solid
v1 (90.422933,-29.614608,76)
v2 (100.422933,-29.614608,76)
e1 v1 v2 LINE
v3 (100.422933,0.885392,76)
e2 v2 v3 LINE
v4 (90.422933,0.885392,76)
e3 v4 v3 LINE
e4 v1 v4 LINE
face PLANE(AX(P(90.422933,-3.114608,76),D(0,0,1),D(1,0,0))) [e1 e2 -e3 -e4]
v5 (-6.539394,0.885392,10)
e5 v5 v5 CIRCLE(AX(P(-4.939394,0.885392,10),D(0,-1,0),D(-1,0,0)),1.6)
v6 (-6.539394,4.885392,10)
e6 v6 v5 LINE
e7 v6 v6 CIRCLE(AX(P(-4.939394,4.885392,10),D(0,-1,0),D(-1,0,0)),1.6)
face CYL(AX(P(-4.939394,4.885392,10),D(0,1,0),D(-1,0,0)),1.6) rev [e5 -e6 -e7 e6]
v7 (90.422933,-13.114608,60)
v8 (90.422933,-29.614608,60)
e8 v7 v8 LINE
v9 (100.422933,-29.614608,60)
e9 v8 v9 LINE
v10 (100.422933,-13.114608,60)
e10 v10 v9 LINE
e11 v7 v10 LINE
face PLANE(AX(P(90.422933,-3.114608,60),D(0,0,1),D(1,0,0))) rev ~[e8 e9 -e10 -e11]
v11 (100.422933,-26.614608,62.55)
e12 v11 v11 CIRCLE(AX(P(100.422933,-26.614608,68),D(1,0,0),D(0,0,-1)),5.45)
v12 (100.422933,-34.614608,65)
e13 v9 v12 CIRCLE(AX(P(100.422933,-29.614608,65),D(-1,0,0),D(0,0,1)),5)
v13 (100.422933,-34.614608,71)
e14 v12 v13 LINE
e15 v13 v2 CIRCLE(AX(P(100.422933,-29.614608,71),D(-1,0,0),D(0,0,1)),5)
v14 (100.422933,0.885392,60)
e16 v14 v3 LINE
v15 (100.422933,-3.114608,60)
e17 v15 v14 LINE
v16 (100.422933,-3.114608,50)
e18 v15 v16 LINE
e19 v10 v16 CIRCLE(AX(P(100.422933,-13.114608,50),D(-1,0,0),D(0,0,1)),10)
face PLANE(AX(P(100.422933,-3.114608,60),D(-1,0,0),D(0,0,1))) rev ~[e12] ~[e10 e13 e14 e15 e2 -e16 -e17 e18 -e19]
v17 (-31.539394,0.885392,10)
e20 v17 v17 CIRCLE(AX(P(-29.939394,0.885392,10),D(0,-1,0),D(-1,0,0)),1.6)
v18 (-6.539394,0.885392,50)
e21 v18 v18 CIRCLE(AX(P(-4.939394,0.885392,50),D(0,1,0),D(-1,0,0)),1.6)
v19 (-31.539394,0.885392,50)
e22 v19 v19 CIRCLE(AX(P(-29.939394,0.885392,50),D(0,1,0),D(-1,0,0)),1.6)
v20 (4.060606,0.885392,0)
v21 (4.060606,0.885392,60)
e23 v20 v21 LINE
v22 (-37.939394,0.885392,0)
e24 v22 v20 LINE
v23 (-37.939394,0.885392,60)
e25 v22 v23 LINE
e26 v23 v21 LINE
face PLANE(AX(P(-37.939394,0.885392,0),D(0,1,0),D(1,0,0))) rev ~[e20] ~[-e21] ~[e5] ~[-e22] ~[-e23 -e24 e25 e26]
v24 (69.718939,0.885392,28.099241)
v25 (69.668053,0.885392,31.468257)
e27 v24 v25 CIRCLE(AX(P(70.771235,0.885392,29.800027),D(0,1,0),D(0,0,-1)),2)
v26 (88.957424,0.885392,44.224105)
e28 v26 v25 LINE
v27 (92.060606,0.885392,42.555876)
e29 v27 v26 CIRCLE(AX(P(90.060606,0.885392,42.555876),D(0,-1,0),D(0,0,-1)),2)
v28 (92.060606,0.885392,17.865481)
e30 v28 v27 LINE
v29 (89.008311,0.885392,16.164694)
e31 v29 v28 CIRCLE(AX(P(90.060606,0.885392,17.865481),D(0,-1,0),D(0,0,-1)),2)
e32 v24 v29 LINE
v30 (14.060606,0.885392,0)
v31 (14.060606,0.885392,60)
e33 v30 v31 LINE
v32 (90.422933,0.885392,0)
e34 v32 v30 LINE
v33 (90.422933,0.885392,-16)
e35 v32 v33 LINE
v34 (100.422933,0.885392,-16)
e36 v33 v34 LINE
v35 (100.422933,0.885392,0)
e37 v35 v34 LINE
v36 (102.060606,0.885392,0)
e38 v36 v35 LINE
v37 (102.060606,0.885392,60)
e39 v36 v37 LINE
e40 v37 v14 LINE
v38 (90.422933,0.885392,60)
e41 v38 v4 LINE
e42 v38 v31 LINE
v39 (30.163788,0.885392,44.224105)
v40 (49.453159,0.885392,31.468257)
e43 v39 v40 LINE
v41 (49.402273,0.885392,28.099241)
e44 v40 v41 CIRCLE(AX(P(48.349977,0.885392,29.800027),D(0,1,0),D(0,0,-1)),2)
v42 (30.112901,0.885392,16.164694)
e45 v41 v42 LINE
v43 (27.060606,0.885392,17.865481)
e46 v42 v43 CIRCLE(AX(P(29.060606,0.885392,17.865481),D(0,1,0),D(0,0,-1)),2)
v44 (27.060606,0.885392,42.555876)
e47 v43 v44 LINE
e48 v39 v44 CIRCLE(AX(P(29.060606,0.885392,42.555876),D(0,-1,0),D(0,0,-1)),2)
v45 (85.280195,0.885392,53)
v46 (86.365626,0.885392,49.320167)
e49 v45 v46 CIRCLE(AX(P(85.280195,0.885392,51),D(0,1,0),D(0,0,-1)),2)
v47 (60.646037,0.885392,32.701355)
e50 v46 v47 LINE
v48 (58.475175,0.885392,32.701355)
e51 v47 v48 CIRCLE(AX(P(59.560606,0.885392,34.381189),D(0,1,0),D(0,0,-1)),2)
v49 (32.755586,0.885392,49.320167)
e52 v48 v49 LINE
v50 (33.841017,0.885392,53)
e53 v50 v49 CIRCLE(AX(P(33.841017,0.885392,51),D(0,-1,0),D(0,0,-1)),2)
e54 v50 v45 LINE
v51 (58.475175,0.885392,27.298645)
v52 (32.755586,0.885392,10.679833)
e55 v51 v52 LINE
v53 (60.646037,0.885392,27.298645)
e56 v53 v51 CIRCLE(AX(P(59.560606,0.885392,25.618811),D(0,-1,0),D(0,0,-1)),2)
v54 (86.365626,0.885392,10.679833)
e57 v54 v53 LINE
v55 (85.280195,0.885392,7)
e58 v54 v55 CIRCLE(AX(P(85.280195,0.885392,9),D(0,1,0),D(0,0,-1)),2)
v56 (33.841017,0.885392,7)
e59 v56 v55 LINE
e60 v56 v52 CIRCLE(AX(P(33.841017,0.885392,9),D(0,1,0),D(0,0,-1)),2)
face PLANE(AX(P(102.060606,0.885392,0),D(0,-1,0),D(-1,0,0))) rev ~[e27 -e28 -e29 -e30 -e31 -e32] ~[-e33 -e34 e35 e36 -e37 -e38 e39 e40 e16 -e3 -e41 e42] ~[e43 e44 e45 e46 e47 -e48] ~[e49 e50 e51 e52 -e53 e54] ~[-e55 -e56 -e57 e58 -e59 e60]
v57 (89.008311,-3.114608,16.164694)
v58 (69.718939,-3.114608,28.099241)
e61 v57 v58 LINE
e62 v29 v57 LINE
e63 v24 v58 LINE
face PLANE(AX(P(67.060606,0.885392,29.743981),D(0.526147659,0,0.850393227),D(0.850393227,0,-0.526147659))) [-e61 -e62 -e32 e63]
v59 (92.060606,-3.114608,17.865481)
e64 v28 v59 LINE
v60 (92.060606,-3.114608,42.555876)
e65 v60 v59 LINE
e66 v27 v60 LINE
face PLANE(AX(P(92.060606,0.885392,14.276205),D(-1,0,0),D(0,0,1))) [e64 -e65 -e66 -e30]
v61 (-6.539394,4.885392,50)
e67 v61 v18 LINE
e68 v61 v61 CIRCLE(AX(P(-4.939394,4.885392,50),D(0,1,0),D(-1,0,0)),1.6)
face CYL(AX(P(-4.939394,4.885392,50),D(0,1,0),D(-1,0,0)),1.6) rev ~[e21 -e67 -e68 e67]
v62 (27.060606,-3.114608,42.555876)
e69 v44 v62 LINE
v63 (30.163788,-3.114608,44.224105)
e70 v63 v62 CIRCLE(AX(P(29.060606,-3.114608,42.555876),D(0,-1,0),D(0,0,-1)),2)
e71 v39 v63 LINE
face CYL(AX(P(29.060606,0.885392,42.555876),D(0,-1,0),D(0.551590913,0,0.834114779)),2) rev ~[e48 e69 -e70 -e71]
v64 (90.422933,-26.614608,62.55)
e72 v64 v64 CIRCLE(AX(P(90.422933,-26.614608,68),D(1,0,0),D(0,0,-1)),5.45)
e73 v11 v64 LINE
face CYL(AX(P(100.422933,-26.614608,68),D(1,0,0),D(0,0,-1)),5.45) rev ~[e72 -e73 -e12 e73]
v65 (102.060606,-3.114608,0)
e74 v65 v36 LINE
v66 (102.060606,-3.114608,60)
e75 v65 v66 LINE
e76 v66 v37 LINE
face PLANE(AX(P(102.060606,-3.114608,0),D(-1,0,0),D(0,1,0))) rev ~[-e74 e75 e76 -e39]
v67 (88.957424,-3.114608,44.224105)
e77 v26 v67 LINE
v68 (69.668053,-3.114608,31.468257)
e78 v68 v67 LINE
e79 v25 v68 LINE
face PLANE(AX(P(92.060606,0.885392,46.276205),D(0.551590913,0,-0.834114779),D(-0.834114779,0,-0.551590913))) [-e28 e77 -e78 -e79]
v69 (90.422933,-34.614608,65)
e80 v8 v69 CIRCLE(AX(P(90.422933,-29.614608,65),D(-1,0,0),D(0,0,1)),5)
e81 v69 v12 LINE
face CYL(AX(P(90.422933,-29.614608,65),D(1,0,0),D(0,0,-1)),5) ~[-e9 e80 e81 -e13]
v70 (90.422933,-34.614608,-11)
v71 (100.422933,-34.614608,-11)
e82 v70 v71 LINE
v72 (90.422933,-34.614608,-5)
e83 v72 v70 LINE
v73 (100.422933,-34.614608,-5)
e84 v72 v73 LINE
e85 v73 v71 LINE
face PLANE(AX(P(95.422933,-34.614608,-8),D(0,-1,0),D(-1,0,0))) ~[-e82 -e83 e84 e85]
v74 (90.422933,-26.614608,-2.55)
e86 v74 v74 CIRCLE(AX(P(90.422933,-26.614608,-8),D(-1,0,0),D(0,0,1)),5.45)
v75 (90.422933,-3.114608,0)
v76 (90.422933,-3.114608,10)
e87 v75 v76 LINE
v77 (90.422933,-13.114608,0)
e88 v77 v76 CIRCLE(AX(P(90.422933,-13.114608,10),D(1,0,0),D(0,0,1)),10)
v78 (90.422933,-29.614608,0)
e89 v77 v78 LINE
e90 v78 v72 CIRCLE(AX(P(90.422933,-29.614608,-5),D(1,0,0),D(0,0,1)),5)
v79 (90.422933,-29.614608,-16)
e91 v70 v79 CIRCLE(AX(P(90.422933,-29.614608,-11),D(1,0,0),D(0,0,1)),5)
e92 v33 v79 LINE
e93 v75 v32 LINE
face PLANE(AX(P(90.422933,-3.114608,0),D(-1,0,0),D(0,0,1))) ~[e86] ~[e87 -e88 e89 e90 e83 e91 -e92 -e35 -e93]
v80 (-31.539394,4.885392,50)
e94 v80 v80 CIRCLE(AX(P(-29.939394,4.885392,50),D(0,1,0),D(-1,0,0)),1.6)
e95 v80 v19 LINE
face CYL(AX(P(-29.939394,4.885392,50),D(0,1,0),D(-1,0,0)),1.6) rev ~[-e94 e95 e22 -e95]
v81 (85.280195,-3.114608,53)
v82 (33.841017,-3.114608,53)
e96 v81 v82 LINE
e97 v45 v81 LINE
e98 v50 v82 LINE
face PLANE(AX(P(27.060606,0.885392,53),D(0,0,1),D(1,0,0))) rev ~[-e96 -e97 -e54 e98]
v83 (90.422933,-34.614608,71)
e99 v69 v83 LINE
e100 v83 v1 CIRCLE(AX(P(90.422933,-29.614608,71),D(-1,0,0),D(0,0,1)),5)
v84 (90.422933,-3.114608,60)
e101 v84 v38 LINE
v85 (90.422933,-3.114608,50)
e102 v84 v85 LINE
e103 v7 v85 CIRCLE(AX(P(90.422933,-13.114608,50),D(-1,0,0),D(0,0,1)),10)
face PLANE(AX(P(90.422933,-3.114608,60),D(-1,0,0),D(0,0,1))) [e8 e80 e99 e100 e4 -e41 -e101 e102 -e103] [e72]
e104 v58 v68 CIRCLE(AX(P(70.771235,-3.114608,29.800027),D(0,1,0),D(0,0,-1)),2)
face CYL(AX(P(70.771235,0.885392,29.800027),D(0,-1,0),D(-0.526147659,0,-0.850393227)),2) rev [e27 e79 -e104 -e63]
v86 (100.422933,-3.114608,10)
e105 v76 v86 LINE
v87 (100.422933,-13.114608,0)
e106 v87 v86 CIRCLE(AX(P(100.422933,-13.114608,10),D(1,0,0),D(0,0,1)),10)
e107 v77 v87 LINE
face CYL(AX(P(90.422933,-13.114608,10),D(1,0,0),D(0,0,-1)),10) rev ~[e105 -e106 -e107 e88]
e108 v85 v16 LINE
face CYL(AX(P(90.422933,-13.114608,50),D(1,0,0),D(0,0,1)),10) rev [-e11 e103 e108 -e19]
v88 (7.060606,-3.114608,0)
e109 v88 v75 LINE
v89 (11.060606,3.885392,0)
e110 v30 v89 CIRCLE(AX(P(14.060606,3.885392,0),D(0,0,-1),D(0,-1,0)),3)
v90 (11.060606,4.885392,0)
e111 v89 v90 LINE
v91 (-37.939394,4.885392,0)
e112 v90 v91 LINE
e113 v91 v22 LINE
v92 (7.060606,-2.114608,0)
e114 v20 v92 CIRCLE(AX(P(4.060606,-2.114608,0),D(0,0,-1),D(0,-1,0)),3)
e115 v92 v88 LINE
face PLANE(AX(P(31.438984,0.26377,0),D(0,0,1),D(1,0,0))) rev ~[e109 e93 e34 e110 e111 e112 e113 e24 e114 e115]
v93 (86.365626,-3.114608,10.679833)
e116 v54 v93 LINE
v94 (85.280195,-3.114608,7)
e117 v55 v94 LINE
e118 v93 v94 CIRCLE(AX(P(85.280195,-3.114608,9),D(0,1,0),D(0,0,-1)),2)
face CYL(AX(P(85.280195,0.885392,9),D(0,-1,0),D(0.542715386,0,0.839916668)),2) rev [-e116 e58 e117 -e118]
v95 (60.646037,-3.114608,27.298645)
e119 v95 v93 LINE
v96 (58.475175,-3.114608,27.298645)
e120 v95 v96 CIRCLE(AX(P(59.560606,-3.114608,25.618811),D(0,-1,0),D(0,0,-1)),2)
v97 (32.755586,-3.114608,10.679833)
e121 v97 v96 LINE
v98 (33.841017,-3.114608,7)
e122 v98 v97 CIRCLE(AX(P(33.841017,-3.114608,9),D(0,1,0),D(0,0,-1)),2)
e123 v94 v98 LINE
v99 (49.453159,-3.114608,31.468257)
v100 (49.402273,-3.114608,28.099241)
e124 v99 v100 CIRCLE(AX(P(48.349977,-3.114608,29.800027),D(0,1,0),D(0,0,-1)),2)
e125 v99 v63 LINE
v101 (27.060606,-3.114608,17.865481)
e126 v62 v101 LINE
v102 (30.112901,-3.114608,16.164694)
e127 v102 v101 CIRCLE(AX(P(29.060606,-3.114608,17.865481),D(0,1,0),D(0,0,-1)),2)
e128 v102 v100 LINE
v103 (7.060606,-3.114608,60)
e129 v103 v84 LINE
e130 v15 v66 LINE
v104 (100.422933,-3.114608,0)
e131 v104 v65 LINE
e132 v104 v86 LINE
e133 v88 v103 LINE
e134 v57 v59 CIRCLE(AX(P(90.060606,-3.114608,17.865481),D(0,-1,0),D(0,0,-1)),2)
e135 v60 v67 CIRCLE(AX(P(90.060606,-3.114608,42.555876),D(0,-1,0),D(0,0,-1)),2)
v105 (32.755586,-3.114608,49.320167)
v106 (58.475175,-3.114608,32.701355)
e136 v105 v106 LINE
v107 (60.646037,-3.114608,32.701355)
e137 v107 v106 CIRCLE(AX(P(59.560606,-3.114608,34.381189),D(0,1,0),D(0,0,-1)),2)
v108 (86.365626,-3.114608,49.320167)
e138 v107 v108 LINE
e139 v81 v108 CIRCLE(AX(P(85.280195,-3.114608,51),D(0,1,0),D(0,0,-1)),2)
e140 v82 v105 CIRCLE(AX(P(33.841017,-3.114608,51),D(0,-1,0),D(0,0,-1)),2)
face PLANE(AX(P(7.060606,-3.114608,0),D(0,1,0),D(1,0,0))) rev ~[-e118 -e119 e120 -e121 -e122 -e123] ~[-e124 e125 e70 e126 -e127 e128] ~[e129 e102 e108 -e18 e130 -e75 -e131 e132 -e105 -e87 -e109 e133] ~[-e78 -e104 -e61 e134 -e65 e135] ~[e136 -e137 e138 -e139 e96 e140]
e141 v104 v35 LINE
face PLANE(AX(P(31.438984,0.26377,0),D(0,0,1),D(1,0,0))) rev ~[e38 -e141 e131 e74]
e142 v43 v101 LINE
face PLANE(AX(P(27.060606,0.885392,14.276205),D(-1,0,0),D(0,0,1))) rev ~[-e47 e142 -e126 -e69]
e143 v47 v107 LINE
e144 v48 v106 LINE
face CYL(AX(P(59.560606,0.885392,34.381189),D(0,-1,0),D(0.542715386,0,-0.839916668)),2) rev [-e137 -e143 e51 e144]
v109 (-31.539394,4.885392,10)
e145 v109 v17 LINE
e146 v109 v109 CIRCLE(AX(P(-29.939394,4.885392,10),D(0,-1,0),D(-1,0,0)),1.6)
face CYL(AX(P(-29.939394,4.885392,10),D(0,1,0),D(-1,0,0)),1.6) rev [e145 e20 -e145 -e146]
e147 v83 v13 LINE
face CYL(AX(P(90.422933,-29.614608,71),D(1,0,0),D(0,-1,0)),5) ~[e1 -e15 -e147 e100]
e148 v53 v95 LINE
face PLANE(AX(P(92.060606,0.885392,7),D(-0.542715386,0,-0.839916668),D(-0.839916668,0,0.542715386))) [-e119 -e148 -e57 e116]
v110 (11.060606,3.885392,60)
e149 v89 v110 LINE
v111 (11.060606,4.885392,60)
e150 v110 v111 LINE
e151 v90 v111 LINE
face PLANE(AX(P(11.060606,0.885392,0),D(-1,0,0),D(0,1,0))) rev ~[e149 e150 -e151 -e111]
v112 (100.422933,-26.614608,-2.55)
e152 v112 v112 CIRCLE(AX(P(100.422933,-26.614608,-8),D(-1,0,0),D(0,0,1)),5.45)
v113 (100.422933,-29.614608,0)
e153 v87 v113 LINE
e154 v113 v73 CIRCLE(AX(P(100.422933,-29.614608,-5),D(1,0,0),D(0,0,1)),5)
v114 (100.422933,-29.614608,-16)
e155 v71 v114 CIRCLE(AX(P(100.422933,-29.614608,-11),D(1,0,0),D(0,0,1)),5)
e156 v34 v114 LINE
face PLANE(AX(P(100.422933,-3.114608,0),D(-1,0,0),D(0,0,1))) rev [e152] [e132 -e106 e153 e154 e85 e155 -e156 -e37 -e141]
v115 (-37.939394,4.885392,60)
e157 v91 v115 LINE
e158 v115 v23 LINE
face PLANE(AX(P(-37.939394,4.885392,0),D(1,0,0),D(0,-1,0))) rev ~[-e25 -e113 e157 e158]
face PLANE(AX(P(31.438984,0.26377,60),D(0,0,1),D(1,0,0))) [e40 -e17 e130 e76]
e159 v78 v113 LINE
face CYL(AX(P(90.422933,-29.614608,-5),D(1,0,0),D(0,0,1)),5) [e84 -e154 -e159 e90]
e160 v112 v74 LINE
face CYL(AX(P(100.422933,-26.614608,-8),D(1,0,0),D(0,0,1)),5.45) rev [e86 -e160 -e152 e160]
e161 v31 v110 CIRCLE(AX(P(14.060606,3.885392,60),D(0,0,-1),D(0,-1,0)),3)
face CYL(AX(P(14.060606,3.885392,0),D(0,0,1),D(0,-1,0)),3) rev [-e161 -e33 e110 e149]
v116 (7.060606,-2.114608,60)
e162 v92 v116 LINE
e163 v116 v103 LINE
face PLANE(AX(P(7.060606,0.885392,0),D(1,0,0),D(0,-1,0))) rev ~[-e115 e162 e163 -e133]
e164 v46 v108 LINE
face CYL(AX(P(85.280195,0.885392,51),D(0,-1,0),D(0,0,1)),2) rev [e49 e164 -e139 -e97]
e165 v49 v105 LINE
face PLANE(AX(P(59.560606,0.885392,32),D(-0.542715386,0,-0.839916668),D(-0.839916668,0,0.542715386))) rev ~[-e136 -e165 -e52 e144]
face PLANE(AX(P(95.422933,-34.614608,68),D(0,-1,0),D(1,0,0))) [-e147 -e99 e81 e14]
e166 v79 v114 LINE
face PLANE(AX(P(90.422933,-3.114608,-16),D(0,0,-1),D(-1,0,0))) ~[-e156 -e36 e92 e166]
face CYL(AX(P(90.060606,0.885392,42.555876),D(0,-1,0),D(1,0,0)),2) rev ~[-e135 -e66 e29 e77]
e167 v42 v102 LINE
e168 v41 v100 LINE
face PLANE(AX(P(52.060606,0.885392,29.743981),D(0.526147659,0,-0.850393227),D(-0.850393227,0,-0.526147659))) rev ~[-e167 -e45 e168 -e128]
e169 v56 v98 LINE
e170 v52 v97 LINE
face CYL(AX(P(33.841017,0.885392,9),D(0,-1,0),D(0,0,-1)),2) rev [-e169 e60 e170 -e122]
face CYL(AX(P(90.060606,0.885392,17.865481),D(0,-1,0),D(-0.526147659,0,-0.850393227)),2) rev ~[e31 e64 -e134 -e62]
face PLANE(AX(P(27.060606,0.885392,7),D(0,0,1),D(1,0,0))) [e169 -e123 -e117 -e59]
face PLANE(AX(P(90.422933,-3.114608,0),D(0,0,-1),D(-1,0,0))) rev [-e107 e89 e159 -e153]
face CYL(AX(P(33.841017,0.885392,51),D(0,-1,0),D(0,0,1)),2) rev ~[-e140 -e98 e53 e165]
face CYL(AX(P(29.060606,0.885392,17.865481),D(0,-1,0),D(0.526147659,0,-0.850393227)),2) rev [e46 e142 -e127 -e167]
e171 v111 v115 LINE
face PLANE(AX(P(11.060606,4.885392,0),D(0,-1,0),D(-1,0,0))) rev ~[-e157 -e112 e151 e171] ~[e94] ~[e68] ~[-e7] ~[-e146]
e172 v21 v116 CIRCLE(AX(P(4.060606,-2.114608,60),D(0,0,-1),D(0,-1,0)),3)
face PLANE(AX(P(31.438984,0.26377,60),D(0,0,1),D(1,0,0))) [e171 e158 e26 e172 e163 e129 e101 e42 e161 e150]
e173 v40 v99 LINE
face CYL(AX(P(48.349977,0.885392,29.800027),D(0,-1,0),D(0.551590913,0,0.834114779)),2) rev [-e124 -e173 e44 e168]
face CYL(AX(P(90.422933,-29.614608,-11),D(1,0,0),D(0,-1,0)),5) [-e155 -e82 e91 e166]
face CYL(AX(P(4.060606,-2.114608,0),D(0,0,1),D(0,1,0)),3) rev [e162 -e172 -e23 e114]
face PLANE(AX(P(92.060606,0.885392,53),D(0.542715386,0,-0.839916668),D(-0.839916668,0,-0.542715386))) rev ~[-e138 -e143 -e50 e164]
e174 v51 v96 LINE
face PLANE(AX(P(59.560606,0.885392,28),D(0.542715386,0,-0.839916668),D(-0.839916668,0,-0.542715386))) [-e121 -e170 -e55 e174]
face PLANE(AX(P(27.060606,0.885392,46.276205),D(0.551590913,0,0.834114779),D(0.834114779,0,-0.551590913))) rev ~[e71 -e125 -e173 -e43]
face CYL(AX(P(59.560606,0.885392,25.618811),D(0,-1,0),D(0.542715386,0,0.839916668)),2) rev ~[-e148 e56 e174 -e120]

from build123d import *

# Parameters (mm, degrees)
BOSS_EXTRUDE1_DEPTH  = 60
FILLET1_R            = 3
CUT_EXTRUDE1_REACH   = 120.661
SKETCH2_R            = 1.6
CUT_EXTRUDE2_REACH   = 120.458
FILLET2_R            = 2
SKETCH5_W            = 10
SKETCH5_H            = 4
BOSS_EXTRUDE2_DEPTH  = 16
SKETCH6_W            = 10
SKETCH6_H            = 16
BOSS_EXTRUDE3_DEPTH  = 31.5
CUT_EXTRUDE3_REACH   = 163.612
SKETCH7_R            = 5.45
FILLET3_R            = 5
FILLET4_R            = 10
FILLET3_OF_MIRROR3_R = 5
FILLET4_OF_MIRROR3_R = 10


with BuildPart() as part:
    # Sketch1 → Boss-Extrude1 (new body)
    with BuildSketch(Plane.XY):
        Polygon((-37.939393939, 0.885392049), (7.060606061, 0.885392049), (7.060606061, -3.114607951), (102.060606061, -3.114607951), (102.060606061, 0.885392049), (11.060606061, 0.885392049), (11.060606061, 4.885392049), (-37.939393939, 4.885392049), align=None)
    extrude(amount=BOSS_EXTRUDE1_DEPTH)

    # Fillet1
    fillet1_edges = [part.edges().sort_by_distance(p)[0] for p in [
        (7.060606061, 0.885392049, 30),
        (11.060606061, 0.885392049, 30),
    ]]
    fillet(fillet1_edges, radius=FILLET1_R)

    # Sketch2 → Cut-Extrude1 (cut, up to next)
    with BuildSketch(Plane(origin=(0, 4.885392049, 0), x_dir=(1, 0, 0), z_dir=(0, 1, 0)), mode=Mode.PRIVATE) as cut_extrude1_sk1:
        with Locations(Location((-4.939393939, -50, 0), (0, 0, 180))):
            Circle(SKETCH2_R)
    cut_extrude1_tool1 = extrude(cut_extrude1_sk1.sketch, amount=-CUT_EXTRUDE1_REACH, mode=Mode.PRIVATE) & part.part
    # Sketch2 → Cut-Extrude1 (cut, up to next)
    with BuildSketch(Plane(origin=(0, 4.885392049, 0), x_dir=(1, 0, 0), z_dir=(0, 1, 0)), mode=Mode.PRIVATE) as cut_extrude1_sk2:
        with Locations(Location((-29.939393939, -50, 0), (0, 0, 180))):
            Circle(SKETCH2_R)
    cut_extrude1_tool2 = extrude(cut_extrude1_sk2.sketch, amount=-CUT_EXTRUDE1_REACH, mode=Mode.PRIVATE) & part.part
    cut_extrude1_1 = cut_extrude1_tool1.solids().sort_by_distance((-4.939394, 4.885392, 50))[0]
    add(cut_extrude1_1, mode=Mode.SUBTRACT)
    cut_extrude1_2 = cut_extrude1_tool2.solids().sort_by_distance((-29.939394, 4.885392, 50))[0]
    add(cut_extrude1_2, mode=Mode.SUBTRACT)
    cut_extrude1 = cut_extrude1_1 + cut_extrude1_2  # Cut-Extrude1 as one shape, for the pattern or mirror that repeats it

    # Mirror2: Cut-Extrude1 across plane
    add(cut_extrude1.mirror(Plane.XY.offset(30)), mode=Mode.SUBTRACT)

    # Sketch4 → Cut-Extrude2 (cut, up to next)
    with BuildSketch(Plane(origin=(0, 0.885392049, 0), x_dir=(1, 0, 0), z_dir=(0, 1, 0)), mode=Mode.PRIVATE) as cut_extrude2_sk1:
        Polygon((27.060606061, -14.276205352), (27.060606061, -46.276205352), (52.060606061, -29.743980797), align=None)
    cut_extrude2_tool1 = extrude(cut_extrude2_sk1.sketch, amount=-CUT_EXTRUDE2_REACH, mode=Mode.PRIVATE) & part.part
    # Sketch4 → Cut-Extrude2 (cut, up to next)
    with BuildSketch(Plane(origin=(0, 0.885392049, 0), x_dir=(1, 0, 0), z_dir=(0, 1, 0)), mode=Mode.PRIVATE) as cut_extrude2_sk2:
        Polygon((59.560606061, -32), (27.060606061, -53), (92.060606061, -53), align=None)
    cut_extrude2_tool2 = extrude(cut_extrude2_sk2.sketch, amount=-CUT_EXTRUDE2_REACH, mode=Mode.PRIVATE) & part.part
    # Sketch4 → Cut-Extrude2 (cut, up to next)
    with BuildSketch(Plane(origin=(0, 0.885392049, 0), x_dir=(1, 0, 0), z_dir=(0, 1, 0)), mode=Mode.PRIVATE) as cut_extrude2_sk3:
        Polygon((67.060606061, -29.743980797), (92.060606061, -14.276205352), (92.060606061, -46.276205352), align=None)
    cut_extrude2_tool3 = extrude(cut_extrude2_sk3.sketch, amount=-CUT_EXTRUDE2_REACH, mode=Mode.PRIVATE) & part.part
    # Sketch4 → Cut-Extrude2 (cut, up to next)
    with BuildSketch(Plane(origin=(0, 0.885392049, 0), x_dir=(1, 0, 0), z_dir=(0, 1, 0)), mode=Mode.PRIVATE) as cut_extrude2_sk4:
        Polygon((92.060606061, -7), (59.560606061, -28), (27.060606061, -7), align=None)
    cut_extrude2_tool4 = extrude(cut_extrude2_sk4.sketch, amount=-CUT_EXTRUDE2_REACH, mode=Mode.PRIVATE) & part.part
    add(cut_extrude2_tool1.solids().sort_by_distance((35.393939, 0.885392, 30.098797))[0], mode=Mode.SUBTRACT)
    add(cut_extrude2_tool2.solids().sort_by_distance((59.560606, 0.885392, 46))[0], mode=Mode.SUBTRACT)
    add(cut_extrude2_tool3.solids().sort_by_distance((83.727273, 0.885392, 30.098797))[0], mode=Mode.SUBTRACT)
    add(cut_extrude2_tool4.solids().sort_by_distance((59.560606, 0.885392, 14))[0], mode=Mode.SUBTRACT)

    # Fillet2
    fillet2_edges = [part.edges().sort_by_distance(p)[0] for p in [
        (59.560606061, -1.114607951, 32),
        (92.060606061, -1.114607951, 53),
        (27.060606061, -1.114607951, 53),
        (92.060606061, -1.114607951, 46.276205352),
        (67.060606061, -1.114607951, 29.743980797),
        (92.060606061, -1.114607951, 14.276205352),
        (27.060606061, -1.114607951, 7),
        (92.060606061, -1.114607951, 7),
        (59.560606061, -1.114607951, 28),
        (27.060606061, -1.114607951, 14.276205352),
        (52.060606061, -1.114607951, 29.743980797),
        (27.060606061, -1.114607951, 46.276205352),
    ]]
    fillet(fillet2_edges, radius=FILLET2_R)

    # Sketch5 → Boss-Extrude2 (add)
    with BuildSketch(Plane.XY.offset(60)):
        with Locations((95.422932692, -1.114607951)):
            Rectangle(SKETCH5_W, SKETCH5_H)
    boss_extrude2 = extrude(amount=BOSS_EXTRUDE2_DEPTH)

    # Sketch6 → Boss-Extrude3 (add)
    with BuildSketch(Plane.XZ.offset(3.114607951)):
        with Locations((95.422932692, 68)):
            Rectangle(SKETCH6_W, SKETCH6_H)
    boss_extrude3 = extrude(amount=BOSS_EXTRUDE3_DEPTH)

    # Sketch7 → Cut-Extrude3 (cut, up to next)
    with BuildSketch(Plane(origin=(100.422932692, 0, 0), x_dir=(0, 0, -1), z_dir=(1, 0, 0)), mode=Mode.PRIVATE) as cut_extrude3_sk1:
        with Locations((-68, -26.614607951)):
            Circle(SKETCH7_R)
    cut_extrude3_tool1 = extrude(cut_extrude3_sk1.sketch, amount=-CUT_EXTRUDE3_REACH, mode=Mode.PRIVATE) & part.part
    cut_extrude3 = cut_extrude3_tool1.solids().sort_by_distance((100.422933, -26.614608, 68))[0]
    add(cut_extrude3, mode=Mode.SUBTRACT)

    # Fillet3
    fillet3_edges = [part.edges().sort_by_distance(p)[0] for p in [
        (95.422932692, -34.614607951, 60),
        (95.422932692, -34.614607951, 76),
    ]]
    fillet(fillet3_edges, radius=FILLET3_R)

    # Fillet4
    fillet4_edges = [part.edges().sort_by_distance(p)[0] for p in [
        (95.422932692, -3.114607951, 60),
    ]]
    fillet(fillet4_edges, radius=FILLET4_R)

    # Mirror3: Boss-Extrude2, Boss-Extrude3, Cut-Extrude3 across plane
    add(boss_extrude2.mirror(Plane.XY.offset(30)))
    add(boss_extrude3.mirror(Plane.XY.offset(30)))
    add(cut_extrude3.mirror(Plane.XY.offset(30)), mode=Mode.SUBTRACT)

    # Fillet3 of Mirror3
    fillet3_of_mirror3_edges = [part.edges().sort_by_distance(p)[0] for p in [
        (95.422932692, -34.614607951, 0),
        (95.422932692, -34.614607951, -16),
    ]]
    fillet(fillet3_of_mirror3_edges, radius=FILLET3_OF_MIRROR3_R)

    # Fillet4 of Mirror3
    fillet4_of_mirror3_edges = [part.edges().sort_by_distance(p)[0] for p in [
        (95.422932692, -3.114607951, 0),
    ]]
    fillet(fillet4_of_mirror3_edges, radius=FILLET4_OF_MIRROR3_R)


solid = part.part
